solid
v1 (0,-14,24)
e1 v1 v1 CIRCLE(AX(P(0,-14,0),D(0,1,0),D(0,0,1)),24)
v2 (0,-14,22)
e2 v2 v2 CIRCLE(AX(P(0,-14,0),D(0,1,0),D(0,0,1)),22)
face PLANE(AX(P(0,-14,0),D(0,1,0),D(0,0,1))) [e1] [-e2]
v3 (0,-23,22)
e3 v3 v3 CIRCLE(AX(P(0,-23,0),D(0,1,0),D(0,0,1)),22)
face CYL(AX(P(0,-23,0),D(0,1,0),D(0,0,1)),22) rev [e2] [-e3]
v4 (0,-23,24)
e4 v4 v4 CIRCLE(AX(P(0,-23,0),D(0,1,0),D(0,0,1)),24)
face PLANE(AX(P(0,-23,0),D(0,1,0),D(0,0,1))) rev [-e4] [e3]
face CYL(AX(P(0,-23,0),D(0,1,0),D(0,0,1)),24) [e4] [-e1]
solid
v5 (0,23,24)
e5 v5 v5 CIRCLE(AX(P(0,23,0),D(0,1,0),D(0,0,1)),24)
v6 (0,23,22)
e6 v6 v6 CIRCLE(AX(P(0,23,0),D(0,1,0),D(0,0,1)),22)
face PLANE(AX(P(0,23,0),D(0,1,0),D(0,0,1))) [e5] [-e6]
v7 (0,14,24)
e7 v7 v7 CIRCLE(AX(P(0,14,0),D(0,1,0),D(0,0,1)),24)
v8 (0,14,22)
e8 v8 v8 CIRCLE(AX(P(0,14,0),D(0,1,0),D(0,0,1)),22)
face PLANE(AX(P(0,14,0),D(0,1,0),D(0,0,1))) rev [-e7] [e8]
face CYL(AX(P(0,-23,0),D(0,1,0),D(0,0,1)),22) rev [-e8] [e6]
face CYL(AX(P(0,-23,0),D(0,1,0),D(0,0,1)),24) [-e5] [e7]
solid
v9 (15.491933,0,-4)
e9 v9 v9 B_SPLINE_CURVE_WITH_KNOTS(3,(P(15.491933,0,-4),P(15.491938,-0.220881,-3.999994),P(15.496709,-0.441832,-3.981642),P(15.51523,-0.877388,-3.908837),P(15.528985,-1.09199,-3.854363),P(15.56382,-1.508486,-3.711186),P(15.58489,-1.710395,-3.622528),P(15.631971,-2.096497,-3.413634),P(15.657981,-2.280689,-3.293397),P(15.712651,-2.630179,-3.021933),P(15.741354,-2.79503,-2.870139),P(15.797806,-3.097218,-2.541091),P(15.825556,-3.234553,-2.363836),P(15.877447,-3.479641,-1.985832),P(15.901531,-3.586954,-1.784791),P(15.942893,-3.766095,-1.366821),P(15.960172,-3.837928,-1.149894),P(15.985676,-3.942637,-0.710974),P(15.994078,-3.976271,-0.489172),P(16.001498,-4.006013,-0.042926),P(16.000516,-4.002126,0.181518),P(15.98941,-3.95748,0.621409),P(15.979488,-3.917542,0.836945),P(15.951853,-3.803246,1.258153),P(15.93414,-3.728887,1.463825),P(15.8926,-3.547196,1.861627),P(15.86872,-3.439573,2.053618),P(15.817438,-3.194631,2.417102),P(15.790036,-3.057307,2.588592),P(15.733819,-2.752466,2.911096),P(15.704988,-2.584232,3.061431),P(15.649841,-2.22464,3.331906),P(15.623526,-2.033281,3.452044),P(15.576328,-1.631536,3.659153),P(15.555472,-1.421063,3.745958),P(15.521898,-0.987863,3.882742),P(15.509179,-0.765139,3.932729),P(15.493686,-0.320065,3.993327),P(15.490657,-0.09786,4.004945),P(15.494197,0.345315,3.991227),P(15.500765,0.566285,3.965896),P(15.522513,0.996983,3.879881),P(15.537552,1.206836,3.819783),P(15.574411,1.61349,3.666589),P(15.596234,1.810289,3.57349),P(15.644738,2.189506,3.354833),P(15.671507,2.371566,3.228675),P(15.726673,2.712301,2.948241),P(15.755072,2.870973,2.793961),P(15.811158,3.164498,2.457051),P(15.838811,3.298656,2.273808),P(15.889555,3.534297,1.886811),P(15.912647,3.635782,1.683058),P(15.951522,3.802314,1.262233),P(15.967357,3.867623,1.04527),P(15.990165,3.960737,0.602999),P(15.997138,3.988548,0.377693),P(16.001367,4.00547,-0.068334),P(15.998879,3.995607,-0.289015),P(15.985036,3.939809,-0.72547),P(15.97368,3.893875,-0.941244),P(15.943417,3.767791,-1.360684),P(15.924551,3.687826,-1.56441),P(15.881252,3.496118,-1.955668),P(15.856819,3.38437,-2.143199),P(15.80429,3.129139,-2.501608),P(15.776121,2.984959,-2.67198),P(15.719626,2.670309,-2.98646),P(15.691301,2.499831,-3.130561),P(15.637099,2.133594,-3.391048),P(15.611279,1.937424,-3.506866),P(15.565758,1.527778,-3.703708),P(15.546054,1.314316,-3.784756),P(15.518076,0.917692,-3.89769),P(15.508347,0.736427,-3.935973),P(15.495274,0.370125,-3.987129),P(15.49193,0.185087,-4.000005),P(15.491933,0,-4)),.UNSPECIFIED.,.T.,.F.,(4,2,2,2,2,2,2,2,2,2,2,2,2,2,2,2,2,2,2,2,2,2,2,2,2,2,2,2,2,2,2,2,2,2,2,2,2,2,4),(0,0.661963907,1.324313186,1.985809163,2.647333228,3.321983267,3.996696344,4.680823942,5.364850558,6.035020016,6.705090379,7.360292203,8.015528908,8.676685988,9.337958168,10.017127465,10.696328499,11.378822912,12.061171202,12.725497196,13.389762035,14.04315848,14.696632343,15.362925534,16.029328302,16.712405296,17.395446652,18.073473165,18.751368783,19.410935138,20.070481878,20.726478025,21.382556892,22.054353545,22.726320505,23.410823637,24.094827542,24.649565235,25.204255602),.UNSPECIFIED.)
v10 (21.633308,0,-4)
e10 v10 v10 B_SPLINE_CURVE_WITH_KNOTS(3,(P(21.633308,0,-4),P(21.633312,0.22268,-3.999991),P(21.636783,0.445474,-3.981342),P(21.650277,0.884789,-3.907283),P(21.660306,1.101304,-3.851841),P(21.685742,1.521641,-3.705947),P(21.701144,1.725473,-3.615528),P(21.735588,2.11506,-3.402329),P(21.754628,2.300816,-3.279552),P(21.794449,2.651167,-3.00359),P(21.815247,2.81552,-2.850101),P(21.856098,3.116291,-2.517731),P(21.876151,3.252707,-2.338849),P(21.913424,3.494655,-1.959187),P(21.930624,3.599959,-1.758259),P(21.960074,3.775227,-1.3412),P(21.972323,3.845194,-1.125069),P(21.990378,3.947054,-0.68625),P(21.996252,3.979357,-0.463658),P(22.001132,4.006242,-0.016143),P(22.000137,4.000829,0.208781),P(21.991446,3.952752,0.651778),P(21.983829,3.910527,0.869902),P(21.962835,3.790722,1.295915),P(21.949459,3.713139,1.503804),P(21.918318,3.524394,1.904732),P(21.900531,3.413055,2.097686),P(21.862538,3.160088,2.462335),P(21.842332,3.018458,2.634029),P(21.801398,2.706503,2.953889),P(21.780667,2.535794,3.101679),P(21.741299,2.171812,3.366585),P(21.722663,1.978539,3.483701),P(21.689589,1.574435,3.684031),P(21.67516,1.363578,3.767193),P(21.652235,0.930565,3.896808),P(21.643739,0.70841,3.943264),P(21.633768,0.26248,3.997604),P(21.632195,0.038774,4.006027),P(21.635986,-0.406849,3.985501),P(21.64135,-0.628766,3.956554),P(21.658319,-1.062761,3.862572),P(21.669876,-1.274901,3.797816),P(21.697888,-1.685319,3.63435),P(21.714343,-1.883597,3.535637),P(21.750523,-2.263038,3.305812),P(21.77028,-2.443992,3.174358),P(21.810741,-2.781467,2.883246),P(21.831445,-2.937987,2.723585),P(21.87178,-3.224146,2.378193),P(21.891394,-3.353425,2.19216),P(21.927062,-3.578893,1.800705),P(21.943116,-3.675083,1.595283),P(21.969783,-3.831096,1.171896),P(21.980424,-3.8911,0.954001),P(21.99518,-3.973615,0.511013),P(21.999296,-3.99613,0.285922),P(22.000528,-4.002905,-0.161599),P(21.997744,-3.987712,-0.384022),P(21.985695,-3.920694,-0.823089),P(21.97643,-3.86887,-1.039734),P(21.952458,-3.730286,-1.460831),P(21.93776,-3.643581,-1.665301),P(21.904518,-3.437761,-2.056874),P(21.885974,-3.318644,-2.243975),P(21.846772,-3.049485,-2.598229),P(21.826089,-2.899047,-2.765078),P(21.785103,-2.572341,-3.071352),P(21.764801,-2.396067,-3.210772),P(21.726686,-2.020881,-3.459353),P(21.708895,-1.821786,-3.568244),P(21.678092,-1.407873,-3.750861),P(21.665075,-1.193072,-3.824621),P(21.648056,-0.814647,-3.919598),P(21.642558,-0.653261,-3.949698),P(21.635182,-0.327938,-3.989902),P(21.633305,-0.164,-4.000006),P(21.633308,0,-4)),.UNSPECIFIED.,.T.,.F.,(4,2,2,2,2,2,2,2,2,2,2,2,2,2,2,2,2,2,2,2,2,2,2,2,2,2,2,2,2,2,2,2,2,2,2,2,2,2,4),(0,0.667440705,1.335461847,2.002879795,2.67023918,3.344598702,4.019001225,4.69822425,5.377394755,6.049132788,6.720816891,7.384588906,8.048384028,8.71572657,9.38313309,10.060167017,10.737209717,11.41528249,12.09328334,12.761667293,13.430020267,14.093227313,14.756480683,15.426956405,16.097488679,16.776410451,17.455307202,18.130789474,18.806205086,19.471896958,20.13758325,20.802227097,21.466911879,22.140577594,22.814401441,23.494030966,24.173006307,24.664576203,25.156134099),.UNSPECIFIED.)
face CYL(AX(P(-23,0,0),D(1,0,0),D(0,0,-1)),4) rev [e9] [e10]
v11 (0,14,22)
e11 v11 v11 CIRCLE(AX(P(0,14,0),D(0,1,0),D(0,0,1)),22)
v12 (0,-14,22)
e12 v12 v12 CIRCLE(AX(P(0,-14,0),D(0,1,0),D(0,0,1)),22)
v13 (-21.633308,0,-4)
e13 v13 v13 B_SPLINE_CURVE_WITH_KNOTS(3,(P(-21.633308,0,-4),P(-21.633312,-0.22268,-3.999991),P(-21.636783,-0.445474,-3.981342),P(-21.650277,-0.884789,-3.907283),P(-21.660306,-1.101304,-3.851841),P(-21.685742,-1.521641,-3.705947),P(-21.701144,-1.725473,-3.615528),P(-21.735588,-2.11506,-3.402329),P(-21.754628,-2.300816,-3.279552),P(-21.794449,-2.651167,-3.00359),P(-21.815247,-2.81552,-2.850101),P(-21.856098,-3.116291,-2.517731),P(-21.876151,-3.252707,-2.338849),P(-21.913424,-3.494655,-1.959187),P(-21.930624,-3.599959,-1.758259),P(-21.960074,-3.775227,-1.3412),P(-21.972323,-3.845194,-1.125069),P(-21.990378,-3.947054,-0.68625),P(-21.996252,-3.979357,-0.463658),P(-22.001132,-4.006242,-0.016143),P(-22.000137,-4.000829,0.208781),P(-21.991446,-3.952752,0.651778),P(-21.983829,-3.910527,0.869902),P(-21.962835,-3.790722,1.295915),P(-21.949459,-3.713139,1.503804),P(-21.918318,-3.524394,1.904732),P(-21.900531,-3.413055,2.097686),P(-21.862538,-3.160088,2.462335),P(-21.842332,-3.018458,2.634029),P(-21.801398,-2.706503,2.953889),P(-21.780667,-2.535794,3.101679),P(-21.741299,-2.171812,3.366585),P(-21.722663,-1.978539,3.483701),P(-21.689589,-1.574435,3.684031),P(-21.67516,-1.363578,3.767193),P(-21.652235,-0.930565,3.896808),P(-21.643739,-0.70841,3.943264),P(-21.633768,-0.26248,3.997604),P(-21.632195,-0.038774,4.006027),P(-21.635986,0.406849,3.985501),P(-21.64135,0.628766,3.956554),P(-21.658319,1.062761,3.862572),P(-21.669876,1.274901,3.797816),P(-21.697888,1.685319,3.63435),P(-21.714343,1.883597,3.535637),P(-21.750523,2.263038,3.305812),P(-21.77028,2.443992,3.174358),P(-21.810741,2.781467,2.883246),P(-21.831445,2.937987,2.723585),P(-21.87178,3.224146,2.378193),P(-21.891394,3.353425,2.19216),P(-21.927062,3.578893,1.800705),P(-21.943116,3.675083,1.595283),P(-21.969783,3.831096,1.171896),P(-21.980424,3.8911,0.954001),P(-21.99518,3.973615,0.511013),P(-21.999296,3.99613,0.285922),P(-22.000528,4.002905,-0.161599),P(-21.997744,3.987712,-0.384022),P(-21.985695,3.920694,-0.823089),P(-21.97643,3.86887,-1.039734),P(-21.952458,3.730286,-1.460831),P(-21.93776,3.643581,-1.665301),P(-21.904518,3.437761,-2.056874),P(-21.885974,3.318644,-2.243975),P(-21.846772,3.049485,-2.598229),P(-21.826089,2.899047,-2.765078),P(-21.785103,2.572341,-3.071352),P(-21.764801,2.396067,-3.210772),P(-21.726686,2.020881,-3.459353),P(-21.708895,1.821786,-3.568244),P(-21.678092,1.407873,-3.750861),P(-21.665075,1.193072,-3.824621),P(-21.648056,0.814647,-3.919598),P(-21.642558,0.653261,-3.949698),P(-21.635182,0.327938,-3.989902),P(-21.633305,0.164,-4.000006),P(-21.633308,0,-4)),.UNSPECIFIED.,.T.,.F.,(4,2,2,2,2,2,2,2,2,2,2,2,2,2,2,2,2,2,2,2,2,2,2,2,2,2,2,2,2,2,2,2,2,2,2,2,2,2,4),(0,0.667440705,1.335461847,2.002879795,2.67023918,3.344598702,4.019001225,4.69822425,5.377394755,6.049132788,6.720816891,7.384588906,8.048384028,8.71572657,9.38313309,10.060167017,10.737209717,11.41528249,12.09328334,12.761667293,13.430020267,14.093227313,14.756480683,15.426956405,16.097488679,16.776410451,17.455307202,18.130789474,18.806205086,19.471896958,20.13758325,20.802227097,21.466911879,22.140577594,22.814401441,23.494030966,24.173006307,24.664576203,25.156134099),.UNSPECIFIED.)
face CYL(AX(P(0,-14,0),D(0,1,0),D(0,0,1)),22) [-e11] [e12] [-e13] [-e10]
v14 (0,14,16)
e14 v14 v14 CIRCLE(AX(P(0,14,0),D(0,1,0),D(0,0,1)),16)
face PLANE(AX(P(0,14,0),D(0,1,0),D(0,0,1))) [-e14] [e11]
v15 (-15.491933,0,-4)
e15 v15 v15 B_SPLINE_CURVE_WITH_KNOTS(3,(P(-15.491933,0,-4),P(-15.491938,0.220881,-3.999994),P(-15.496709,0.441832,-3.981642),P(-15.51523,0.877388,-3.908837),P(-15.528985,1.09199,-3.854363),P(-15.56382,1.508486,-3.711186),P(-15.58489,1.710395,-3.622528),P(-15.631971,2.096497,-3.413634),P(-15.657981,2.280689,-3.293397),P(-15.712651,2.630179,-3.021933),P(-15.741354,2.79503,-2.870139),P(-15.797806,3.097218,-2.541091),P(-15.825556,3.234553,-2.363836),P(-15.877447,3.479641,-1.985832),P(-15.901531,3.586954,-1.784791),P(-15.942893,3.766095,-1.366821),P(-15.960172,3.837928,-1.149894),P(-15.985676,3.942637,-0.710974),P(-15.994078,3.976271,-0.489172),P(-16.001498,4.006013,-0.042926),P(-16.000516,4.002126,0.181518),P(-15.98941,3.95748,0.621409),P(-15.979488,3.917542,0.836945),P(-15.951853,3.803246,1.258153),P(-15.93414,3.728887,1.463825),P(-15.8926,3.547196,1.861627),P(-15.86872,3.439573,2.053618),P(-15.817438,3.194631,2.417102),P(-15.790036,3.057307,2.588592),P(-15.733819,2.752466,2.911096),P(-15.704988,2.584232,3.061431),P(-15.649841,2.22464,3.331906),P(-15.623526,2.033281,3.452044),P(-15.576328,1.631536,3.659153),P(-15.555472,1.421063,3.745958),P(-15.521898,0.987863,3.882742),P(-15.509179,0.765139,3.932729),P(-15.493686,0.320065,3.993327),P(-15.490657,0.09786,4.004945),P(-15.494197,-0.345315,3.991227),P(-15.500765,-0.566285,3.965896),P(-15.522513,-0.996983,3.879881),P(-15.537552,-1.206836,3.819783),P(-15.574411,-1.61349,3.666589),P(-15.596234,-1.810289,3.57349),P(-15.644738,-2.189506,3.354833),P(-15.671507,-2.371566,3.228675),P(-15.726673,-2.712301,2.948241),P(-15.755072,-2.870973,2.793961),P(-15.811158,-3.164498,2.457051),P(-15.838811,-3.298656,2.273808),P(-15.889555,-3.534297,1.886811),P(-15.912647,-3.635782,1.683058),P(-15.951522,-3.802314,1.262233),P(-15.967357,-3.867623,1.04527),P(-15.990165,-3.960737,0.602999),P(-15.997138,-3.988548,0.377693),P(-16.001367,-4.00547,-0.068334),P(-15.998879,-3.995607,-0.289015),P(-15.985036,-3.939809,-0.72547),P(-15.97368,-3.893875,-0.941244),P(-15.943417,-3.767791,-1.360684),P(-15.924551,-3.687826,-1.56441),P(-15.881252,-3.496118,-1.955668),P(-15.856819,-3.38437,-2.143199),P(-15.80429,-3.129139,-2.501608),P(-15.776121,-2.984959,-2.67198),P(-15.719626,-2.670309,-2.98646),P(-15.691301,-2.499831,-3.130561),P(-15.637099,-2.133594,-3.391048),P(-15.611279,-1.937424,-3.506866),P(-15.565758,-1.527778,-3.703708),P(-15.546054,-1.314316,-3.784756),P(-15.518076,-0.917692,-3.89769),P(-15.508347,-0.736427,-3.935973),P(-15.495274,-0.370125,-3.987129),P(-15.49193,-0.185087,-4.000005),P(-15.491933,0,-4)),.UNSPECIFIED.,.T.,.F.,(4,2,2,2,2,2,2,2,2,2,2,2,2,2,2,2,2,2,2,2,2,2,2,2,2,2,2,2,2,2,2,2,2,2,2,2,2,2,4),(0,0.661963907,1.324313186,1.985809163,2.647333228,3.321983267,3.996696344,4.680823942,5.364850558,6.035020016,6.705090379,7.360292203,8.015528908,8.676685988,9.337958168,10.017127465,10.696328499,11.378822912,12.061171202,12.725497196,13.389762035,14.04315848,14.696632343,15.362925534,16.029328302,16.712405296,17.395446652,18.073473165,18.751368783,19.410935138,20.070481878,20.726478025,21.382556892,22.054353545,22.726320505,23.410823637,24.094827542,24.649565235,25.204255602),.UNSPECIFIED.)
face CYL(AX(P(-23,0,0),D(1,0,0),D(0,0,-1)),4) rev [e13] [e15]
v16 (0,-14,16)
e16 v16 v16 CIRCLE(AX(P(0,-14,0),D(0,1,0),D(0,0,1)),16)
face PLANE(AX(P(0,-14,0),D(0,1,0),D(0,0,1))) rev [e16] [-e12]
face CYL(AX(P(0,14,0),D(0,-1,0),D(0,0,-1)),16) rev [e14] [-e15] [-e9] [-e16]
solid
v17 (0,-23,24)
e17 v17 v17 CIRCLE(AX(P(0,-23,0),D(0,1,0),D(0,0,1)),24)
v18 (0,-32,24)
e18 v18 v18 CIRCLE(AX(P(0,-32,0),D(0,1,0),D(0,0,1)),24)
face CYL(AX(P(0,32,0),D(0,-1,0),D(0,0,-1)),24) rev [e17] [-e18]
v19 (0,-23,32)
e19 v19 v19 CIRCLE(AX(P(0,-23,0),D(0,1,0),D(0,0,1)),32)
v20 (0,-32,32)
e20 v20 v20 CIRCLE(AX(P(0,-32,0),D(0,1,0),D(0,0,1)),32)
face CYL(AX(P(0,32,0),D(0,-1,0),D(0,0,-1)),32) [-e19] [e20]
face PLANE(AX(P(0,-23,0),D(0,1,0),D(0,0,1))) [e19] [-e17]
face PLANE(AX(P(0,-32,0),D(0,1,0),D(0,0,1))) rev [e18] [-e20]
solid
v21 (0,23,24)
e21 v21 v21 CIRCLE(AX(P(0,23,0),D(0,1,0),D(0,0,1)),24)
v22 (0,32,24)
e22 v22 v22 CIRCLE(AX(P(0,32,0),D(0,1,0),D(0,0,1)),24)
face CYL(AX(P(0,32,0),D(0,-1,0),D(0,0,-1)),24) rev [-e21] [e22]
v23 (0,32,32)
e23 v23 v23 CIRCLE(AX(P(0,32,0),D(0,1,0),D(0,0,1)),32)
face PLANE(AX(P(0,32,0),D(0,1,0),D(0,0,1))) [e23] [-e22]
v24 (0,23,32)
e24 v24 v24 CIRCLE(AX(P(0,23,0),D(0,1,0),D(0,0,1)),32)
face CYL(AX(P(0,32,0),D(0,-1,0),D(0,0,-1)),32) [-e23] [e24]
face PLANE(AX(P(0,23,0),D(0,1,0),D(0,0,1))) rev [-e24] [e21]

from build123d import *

# Parameters (mm, degrees)
SKETCH1_R           = 22
SKETCH1_R_2         = 16
BOSS_EXTRUDE1_DEPTH = 14
SKETCH1_5_R         = 24
SKETCH1_5_R_2       = 22
BOSS_EXTRUDE3_DEPTH = 23
SKETCH1_6_R         = 32
SKETCH1_6_R_2       = 24
BOSS_EXTRUDE4_DEPTH = 32
SKETCH1_7_R         = 24
SKETCH1_7_R_2       = 22
CUT_EXTRUDE1_DEPTH  = 14
SKETCH1_8_R         = 32
SKETCH1_8_R_2       = 24
CUT_EXTRUDE2_DEPTH  = 23
SKETCH2_R           = 4
CUT_EXTRUDE3_DEPTH  = 23


with BuildPart() as part:
    # Sketch1 → Boss-Extrude1 (new, symmetric)
    with BuildSketch(Plane(origin=(0, 0, 0), x_dir=(1, 0, 0), z_dir=(0, 1, 0))):
        Circle(SKETCH1_R)
        Circle(SKETCH1_R_2, mode=Mode.SUBTRACT)
    extrude(amount=BOSS_EXTRUDE1_DEPTH, both=True)

    # Sketch1<5> → Boss-Extrude3 (add, symmetric)
    with BuildSketch(Plane(origin=(0, 0, 0), x_dir=(1, 0, 0), z_dir=(0, 1, 0))):
        Circle(SKETCH1_5_R)
        Circle(SKETCH1_5_R_2, mode=Mode.SUBTRACT)
    extrude(amount=BOSS_EXTRUDE3_DEPTH, both=True)

    # Sketch1<6> → Boss-Extrude4 (add, symmetric)
    with BuildSketch(Plane(origin=(0, 0, 0), x_dir=(1, 0, 0), z_dir=(0, 1, 0))):
        Circle(SKETCH1_6_R)
        Circle(SKETCH1_6_R_2, mode=Mode.SUBTRACT)
    extrude(amount=BOSS_EXTRUDE4_DEPTH, both=True)

    # Sketch1<7> → Cut-Extrude1 (cut, symmetric)
    with BuildSketch(Plane(origin=(0, 0, 0), x_dir=(1, 0, 0), z_dir=(0, 1, 0))):
        Circle(SKETCH1_7_R)
        Circle(SKETCH1_7_R_2, mode=Mode.SUBTRACT)
    extrude(amount=CUT_EXTRUDE1_DEPTH, both=True, mode=Mode.SUBTRACT)


with BuildPart() as cut_extrude1_piece_1:
    # of the separate pieces the step leaves, piece 1, a body of its own (cut_extrude1_pieces)
    add(part.part.solids().sort_by_distance((32, -32, 0))[0])

    # Sketch1<8> → Cut-Extrude2 (cut, symmetric)
    with BuildSketch(Plane(origin=(0, 0, 0), x_dir=(1, 0, 0), z_dir=(0, 1, 0))):
        Circle(SKETCH1_8_R)
        Circle(SKETCH1_8_R_2, mode=Mode.SUBTRACT)
    extrude(amount=CUT_EXTRUDE2_DEPTH, both=True, mode=Mode.SUBTRACT)


with BuildPart() as cut_extrude1_piece_2:
    # of the separate pieces the step leaves, piece 2, a body of its own (cut_extrude1_pieces)
    add(part.part.solids().sort_by_distance((16, -14, 0))[0])

    # Sketch2 → Cut-Extrude3 (cut, symmetric)
    with BuildSketch(Plane(origin=(0, 0, 0), x_dir=(0, 0, -1), z_dir=(1, 0, 0))):
        Circle(SKETCH2_R)
    extrude(amount=CUT_EXTRUDE3_DEPTH, both=True, mode=Mode.SUBTRACT)


with BuildPart() as cut_extrude2_piece_1:
    # of the separate pieces the step leaves, piece 1, a body of its own (cut_extrude2_pieces)
    add(cut_extrude1_piece_1.part.solids().sort_by_distance((32, -32, 0))[0])


with BuildPart() as cut_extrude2_piece_2:
    # of the separate pieces the step leaves, piece 2, a body of its own (cut_extrude2_pieces)
    add(cut_extrude1_piece_1.part.solids().sort_by_distance((32, 23, 0))[0])


with BuildPart() as cut_extrude2_piece_3:
    # of the separate pieces the step leaves, piece 3, a body of its own (cut_extrude2_pieces)
    add(cut_extrude1_piece_1.part.solids().sort_by_distance((22, -23, 0))[0])


with BuildPart() as cut_extrude2_piece_4:
    # of the separate pieces the step leaves, piece 4, a body of its own (cut_extrude2_pieces)
    add(cut_extrude1_piece_1.part.solids().sort_by_distance((22, 23, 0))[0])


solid = Compound([cut_extrude1_piece_2.part, cut_extrude2_piece_1.part, cut_extrude2_piece_2.part, cut_extrude2_piece_3.part, cut_extrude2_piece_4.part])
